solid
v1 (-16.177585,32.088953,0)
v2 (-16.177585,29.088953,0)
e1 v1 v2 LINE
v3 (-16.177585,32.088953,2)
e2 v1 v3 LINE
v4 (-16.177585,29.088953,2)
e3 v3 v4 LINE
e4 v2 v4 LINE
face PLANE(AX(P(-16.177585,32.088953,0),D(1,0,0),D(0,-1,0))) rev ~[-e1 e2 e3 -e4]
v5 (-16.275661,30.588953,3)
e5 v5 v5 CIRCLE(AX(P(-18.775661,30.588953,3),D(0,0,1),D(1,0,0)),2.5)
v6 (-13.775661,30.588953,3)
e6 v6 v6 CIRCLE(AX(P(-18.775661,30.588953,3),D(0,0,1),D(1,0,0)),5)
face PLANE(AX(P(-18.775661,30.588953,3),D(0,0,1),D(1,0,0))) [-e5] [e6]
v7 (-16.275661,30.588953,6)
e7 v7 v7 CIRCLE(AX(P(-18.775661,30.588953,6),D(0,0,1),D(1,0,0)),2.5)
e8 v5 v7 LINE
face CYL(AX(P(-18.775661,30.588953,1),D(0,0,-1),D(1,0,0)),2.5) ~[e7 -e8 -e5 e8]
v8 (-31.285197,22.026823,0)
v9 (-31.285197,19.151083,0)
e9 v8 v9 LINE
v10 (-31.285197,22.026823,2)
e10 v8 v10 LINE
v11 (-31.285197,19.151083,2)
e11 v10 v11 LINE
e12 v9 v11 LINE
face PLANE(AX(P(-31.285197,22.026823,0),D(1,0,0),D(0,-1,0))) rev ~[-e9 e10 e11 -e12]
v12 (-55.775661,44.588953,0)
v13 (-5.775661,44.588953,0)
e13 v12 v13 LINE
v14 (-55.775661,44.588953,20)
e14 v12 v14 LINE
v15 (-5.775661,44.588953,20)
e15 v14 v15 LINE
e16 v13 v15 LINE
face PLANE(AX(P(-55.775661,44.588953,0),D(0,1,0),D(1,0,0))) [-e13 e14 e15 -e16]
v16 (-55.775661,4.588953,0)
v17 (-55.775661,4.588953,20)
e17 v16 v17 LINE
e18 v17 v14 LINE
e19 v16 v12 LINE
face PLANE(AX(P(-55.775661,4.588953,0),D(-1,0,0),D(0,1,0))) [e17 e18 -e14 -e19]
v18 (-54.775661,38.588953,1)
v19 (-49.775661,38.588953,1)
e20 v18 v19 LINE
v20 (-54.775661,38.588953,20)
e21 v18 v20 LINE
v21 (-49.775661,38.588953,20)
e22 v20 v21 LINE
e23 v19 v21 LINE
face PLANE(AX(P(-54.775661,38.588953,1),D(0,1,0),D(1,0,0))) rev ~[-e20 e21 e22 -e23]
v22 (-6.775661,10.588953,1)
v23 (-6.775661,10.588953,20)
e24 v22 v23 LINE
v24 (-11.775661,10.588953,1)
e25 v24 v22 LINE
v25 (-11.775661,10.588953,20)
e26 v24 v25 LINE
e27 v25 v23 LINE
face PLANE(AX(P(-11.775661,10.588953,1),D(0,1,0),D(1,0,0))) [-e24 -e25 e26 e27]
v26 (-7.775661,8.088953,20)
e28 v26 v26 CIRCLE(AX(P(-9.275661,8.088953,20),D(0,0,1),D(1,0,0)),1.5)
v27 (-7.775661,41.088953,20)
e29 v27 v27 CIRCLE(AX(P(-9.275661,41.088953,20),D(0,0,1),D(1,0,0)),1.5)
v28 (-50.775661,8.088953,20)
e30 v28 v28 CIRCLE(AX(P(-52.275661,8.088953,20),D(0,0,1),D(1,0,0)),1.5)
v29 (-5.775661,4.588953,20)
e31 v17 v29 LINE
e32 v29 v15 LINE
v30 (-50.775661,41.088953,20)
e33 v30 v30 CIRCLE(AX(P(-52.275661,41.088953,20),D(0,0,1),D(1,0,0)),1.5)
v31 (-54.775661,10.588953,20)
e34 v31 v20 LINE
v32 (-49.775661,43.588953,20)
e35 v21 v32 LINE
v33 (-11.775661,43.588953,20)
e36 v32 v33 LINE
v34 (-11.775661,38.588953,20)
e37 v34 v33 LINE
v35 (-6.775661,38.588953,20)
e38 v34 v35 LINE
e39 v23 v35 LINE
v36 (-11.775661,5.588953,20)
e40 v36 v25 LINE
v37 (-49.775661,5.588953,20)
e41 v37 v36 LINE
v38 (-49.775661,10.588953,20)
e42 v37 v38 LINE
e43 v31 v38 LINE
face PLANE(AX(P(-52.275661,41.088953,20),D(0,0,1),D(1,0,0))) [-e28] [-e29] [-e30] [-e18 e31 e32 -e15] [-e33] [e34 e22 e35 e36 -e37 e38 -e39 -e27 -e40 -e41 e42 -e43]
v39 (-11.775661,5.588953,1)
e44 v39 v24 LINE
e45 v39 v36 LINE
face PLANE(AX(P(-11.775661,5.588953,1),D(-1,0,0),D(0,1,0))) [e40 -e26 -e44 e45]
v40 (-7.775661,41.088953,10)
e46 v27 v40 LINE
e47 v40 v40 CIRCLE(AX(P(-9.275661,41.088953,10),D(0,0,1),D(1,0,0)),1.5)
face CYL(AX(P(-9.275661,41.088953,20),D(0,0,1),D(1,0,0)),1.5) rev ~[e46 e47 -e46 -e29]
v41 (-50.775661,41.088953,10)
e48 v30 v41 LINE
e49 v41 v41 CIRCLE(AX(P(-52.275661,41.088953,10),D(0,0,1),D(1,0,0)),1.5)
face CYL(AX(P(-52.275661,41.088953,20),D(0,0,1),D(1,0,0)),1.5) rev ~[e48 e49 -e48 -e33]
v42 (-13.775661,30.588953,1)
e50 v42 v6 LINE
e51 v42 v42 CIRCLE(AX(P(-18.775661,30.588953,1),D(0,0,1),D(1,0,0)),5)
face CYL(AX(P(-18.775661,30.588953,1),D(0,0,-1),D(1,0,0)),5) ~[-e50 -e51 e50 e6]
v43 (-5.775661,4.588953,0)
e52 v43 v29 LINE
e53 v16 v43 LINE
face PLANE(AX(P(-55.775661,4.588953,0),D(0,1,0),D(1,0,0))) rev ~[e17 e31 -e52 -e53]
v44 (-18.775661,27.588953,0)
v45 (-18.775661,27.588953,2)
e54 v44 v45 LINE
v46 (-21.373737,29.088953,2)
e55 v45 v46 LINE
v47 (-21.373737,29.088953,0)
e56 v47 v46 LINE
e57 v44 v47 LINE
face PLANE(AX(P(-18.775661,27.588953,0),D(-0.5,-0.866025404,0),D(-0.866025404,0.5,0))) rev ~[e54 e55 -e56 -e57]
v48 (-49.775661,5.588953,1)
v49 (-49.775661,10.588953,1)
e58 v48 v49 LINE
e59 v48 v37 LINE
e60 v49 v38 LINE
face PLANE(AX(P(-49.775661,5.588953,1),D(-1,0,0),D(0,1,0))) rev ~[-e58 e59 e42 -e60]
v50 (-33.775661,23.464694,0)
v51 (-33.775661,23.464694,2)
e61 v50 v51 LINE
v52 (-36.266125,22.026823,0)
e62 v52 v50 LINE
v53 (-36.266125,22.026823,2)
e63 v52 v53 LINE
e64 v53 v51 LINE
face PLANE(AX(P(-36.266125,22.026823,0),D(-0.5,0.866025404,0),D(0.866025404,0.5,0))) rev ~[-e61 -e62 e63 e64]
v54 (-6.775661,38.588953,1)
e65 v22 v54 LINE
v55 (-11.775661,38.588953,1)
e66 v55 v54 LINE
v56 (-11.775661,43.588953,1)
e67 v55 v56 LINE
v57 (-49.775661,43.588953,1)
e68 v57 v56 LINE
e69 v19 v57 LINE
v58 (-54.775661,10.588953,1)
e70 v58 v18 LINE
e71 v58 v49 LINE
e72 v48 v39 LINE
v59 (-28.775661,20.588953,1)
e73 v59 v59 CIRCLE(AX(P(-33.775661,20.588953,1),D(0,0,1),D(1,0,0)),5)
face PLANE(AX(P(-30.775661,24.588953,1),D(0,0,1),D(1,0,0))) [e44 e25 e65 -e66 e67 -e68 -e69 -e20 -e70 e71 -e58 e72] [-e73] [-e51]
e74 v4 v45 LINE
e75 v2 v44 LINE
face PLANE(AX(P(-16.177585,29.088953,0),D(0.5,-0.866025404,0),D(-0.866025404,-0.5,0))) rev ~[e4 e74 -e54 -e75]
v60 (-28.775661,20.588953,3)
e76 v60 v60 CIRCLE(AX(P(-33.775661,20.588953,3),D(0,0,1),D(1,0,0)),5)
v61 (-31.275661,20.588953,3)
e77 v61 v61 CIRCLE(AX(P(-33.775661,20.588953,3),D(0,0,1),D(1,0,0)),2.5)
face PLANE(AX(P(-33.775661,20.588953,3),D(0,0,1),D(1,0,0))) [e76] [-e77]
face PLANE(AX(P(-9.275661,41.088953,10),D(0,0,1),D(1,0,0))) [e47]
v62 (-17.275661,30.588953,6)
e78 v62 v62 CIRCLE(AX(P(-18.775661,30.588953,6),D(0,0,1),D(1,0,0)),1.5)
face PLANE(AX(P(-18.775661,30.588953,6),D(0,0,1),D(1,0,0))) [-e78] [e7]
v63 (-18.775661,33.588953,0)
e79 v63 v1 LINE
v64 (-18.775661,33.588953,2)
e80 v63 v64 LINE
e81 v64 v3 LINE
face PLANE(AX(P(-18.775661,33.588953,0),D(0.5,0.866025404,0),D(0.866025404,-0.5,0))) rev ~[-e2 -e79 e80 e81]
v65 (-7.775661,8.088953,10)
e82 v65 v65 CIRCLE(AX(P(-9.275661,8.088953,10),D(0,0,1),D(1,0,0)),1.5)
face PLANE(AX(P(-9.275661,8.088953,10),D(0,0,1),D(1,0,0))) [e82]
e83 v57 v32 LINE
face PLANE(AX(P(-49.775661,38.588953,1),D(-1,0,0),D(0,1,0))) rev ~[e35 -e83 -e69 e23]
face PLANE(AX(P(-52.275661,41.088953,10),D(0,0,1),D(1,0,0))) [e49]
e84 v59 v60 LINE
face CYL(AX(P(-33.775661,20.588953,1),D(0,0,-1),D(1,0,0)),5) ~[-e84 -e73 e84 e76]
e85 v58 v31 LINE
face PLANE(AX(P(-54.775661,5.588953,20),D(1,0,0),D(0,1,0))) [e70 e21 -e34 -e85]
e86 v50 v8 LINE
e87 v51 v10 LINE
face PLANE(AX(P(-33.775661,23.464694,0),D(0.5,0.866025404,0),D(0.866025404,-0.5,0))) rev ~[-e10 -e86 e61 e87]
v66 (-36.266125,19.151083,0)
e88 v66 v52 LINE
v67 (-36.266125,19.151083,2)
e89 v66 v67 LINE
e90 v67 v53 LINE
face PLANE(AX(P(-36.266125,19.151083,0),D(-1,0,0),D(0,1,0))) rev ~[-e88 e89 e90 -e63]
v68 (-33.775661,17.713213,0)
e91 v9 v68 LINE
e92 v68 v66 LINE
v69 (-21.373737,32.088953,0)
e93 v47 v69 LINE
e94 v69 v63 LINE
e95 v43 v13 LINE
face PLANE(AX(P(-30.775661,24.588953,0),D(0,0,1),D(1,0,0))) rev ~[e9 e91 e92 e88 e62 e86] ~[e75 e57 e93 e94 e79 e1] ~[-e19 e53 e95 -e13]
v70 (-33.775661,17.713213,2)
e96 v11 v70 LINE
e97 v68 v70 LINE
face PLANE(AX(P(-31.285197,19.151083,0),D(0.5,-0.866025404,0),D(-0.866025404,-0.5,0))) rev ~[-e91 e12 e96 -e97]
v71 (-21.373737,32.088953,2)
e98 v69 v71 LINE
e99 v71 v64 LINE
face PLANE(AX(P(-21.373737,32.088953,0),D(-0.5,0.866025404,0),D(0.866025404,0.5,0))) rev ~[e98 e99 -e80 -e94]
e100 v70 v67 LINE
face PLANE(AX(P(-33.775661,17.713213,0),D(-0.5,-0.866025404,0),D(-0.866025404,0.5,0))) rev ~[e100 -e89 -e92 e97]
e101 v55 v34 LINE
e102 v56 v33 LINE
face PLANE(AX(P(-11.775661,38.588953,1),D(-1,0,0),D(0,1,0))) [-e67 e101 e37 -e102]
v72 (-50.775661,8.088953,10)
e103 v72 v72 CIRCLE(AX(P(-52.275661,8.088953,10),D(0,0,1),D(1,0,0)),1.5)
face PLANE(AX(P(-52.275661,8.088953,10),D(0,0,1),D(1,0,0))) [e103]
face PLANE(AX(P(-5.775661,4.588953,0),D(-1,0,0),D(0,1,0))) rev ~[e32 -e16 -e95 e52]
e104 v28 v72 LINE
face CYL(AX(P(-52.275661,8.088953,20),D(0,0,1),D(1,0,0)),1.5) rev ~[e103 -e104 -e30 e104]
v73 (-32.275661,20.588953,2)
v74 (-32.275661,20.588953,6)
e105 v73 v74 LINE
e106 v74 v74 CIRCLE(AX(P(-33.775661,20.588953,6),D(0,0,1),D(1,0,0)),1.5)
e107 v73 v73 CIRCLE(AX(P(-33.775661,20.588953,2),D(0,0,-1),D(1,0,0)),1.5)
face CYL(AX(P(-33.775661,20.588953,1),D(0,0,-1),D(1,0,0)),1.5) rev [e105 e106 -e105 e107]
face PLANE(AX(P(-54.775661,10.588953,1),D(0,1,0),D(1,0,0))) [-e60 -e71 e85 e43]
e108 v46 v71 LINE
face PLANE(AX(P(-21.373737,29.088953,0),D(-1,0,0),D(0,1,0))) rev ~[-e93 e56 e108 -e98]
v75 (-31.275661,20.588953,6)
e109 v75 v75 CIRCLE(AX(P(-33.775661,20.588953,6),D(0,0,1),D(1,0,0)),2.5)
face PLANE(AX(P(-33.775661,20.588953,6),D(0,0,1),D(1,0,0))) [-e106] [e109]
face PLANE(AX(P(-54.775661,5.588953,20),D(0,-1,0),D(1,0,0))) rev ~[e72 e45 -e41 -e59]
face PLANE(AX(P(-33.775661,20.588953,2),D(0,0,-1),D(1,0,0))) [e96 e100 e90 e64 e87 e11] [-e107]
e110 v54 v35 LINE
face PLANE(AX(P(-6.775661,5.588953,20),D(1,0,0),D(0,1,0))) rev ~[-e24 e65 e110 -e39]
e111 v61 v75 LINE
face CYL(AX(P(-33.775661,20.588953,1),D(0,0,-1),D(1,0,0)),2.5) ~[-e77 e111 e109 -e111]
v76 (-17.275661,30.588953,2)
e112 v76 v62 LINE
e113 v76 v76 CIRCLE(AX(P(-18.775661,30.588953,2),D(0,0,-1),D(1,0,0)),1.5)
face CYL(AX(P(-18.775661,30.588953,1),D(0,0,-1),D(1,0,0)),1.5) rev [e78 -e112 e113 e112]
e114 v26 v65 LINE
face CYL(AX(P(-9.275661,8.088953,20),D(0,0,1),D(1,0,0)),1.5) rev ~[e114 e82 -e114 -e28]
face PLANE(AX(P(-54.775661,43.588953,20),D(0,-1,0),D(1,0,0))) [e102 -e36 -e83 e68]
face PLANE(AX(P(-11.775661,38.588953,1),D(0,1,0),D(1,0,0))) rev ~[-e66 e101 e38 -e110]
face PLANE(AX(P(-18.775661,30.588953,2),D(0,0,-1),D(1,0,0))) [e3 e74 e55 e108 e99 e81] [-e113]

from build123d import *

# Parameters (mm, degrees)
F0_W      = 50
F0_H      = 40
F1_DEPTH  = 20
F2_W      = 48
F2_H      = 38
F3_DEPTH  = 19
F4_W      = 5
F4_H      = 5
F5_DEPTH  = 19
F6_R      = 1.5
F7_DEPTH  = 10
F8_R      = 2.5
F8_R_2    = 1.5
F9_DEPTH  = 5
F10_DEPTH = 2
F11_R     = 5
F11_R_2   = 2.5
F12_DEPTH = 2
F13_R     = 1.5
F14_DEPTH = 2


with BuildPart() as f1:
    # F0 (on Top) → F1 (new body)
    with BuildSketch(Plane.XY):
        with Locations((-30.7756610087, 24.588953238)):
            Rectangle(F0_W, F0_H)
    extrude(amount=F1_DEPTH)

    # F2 (on face) → F3 (cut)
    with BuildSketch(Plane.XY.offset(20)):
        with Locations((-30.7756610087, 24.588953238)):
            Rectangle(F2_W, F2_H)
    extrude(amount=-F3_DEPTH, mode=Mode.SUBTRACT)

    # F4 (on face) → F5 (join)
    with BuildSketch(Plane.XY.offset(1)):
        with Locations((-52.2756610087, 41.088953238)):
            Rectangle(F4_W, F4_H)
        with Locations((-9.2756610087, 41.088953238)):
            Rectangle(F4_W, F4_H)
        with Locations((-9.2756610087, 8.088953238)):
            Rectangle(F4_W, F4_H)
        with Locations((-52.2756610087, 8.088953238)):
            Rectangle(F4_W, F4_H)
    extrude(amount=F5_DEPTH)

    # F6 (on face) → F7 (cut)
    with BuildSketch(Plane.XY.offset(20)):
        with Locations((-52.2756610087, 8.088953238)):
            Circle(F6_R)
        with Locations((-52.2756610087, 41.088953238)):
            Circle(F6_R)
        with Locations((-9.2756610087, 41.088953238)):
            Circle(F6_R)
        with Locations((-9.2756610087, 8.088953238)):
            Circle(F6_R)
    extrude(amount=-F7_DEPTH, mode=Mode.SUBTRACT)

    # F8 (on face) → F9 (join)
    with BuildSketch(Plane.XY.offset(1)):
        with Locations((-33.7756610087, 20.588953238)):
            Circle(F8_R)
        with Locations((-33.7756610087, 20.588953238)):
            Circle(F8_R_2, mode=Mode.SUBTRACT)
        with Locations((-18.7756610087, 30.588953238)):
            Circle(F8_R)
        with Locations((-18.7756610087, 30.588953238)):
            Circle(F8_R_2, mode=Mode.SUBTRACT)
    extrude(amount=F9_DEPTH)

    # F10 (cut): faces of the model
    f10_faces = [f1.faces().sort_by_distance(p)[0] for p in [
        (-33.7756610087, 20.588953238, 1),
        (-18.7756610087, 30.588953238, 1),
    ]]
    extrude(f10_faces, amount=-F10_DEPTH, mode=Mode.SUBTRACT)

    # F11 (on face) → F12 (join)
    with BuildSketch(Plane.XY.offset(1)):
        with Locations((-18.7756610087, 30.588953238)):
            Circle(F11_R)
        with Locations((-18.7756610087, 30.588953238)):
            Circle(F11_R_2, mode=Mode.SUBTRACT)
        with Locations((-33.7756610087, 20.588953238)):
            Circle(F11_R)
        with Locations((-33.7756610087, 20.588953238)):
            Circle(F11_R_2, mode=Mode.SUBTRACT)
    extrude(amount=F12_DEPTH)

    # F13 (on face) → F14 (cut)
    with BuildSketch(Plane(origin=(0, 0, 0), x_dir=(1, 0, 0), z_dir=(0, 0, -1))):
        Polygon((-16.1775847973, -32.088953238), (-16.1775847973, -29.088953238), (-18.7756610087, -27.588953238), (-21.37373722, -29.088953238), (-21.37373722, -32.088953238), (-18.7756610087, -33.588953238), align=None)
        with Locations((-18.7756610087, -30.588953238)):
            Circle(F13_R, mode=Mode.SUBTRACT)
        Polygon((-31.2851968259, -22.0268234043), (-31.2851968259, -19.1510830716), (-33.7756610087, -17.7132129053), (-36.2661251915, -19.1510830716), (-36.2661251915, -22.0268234043), (-33.7756610087, -23.4646935706), align=None)
        with Locations((-33.7756610087, -20.588953238)):
            Circle(F13_R, mode=Mode.SUBTRACT)
    extrude(amount=-F14_DEPTH, mode=Mode.SUBTRACT)


solid = f1.part
